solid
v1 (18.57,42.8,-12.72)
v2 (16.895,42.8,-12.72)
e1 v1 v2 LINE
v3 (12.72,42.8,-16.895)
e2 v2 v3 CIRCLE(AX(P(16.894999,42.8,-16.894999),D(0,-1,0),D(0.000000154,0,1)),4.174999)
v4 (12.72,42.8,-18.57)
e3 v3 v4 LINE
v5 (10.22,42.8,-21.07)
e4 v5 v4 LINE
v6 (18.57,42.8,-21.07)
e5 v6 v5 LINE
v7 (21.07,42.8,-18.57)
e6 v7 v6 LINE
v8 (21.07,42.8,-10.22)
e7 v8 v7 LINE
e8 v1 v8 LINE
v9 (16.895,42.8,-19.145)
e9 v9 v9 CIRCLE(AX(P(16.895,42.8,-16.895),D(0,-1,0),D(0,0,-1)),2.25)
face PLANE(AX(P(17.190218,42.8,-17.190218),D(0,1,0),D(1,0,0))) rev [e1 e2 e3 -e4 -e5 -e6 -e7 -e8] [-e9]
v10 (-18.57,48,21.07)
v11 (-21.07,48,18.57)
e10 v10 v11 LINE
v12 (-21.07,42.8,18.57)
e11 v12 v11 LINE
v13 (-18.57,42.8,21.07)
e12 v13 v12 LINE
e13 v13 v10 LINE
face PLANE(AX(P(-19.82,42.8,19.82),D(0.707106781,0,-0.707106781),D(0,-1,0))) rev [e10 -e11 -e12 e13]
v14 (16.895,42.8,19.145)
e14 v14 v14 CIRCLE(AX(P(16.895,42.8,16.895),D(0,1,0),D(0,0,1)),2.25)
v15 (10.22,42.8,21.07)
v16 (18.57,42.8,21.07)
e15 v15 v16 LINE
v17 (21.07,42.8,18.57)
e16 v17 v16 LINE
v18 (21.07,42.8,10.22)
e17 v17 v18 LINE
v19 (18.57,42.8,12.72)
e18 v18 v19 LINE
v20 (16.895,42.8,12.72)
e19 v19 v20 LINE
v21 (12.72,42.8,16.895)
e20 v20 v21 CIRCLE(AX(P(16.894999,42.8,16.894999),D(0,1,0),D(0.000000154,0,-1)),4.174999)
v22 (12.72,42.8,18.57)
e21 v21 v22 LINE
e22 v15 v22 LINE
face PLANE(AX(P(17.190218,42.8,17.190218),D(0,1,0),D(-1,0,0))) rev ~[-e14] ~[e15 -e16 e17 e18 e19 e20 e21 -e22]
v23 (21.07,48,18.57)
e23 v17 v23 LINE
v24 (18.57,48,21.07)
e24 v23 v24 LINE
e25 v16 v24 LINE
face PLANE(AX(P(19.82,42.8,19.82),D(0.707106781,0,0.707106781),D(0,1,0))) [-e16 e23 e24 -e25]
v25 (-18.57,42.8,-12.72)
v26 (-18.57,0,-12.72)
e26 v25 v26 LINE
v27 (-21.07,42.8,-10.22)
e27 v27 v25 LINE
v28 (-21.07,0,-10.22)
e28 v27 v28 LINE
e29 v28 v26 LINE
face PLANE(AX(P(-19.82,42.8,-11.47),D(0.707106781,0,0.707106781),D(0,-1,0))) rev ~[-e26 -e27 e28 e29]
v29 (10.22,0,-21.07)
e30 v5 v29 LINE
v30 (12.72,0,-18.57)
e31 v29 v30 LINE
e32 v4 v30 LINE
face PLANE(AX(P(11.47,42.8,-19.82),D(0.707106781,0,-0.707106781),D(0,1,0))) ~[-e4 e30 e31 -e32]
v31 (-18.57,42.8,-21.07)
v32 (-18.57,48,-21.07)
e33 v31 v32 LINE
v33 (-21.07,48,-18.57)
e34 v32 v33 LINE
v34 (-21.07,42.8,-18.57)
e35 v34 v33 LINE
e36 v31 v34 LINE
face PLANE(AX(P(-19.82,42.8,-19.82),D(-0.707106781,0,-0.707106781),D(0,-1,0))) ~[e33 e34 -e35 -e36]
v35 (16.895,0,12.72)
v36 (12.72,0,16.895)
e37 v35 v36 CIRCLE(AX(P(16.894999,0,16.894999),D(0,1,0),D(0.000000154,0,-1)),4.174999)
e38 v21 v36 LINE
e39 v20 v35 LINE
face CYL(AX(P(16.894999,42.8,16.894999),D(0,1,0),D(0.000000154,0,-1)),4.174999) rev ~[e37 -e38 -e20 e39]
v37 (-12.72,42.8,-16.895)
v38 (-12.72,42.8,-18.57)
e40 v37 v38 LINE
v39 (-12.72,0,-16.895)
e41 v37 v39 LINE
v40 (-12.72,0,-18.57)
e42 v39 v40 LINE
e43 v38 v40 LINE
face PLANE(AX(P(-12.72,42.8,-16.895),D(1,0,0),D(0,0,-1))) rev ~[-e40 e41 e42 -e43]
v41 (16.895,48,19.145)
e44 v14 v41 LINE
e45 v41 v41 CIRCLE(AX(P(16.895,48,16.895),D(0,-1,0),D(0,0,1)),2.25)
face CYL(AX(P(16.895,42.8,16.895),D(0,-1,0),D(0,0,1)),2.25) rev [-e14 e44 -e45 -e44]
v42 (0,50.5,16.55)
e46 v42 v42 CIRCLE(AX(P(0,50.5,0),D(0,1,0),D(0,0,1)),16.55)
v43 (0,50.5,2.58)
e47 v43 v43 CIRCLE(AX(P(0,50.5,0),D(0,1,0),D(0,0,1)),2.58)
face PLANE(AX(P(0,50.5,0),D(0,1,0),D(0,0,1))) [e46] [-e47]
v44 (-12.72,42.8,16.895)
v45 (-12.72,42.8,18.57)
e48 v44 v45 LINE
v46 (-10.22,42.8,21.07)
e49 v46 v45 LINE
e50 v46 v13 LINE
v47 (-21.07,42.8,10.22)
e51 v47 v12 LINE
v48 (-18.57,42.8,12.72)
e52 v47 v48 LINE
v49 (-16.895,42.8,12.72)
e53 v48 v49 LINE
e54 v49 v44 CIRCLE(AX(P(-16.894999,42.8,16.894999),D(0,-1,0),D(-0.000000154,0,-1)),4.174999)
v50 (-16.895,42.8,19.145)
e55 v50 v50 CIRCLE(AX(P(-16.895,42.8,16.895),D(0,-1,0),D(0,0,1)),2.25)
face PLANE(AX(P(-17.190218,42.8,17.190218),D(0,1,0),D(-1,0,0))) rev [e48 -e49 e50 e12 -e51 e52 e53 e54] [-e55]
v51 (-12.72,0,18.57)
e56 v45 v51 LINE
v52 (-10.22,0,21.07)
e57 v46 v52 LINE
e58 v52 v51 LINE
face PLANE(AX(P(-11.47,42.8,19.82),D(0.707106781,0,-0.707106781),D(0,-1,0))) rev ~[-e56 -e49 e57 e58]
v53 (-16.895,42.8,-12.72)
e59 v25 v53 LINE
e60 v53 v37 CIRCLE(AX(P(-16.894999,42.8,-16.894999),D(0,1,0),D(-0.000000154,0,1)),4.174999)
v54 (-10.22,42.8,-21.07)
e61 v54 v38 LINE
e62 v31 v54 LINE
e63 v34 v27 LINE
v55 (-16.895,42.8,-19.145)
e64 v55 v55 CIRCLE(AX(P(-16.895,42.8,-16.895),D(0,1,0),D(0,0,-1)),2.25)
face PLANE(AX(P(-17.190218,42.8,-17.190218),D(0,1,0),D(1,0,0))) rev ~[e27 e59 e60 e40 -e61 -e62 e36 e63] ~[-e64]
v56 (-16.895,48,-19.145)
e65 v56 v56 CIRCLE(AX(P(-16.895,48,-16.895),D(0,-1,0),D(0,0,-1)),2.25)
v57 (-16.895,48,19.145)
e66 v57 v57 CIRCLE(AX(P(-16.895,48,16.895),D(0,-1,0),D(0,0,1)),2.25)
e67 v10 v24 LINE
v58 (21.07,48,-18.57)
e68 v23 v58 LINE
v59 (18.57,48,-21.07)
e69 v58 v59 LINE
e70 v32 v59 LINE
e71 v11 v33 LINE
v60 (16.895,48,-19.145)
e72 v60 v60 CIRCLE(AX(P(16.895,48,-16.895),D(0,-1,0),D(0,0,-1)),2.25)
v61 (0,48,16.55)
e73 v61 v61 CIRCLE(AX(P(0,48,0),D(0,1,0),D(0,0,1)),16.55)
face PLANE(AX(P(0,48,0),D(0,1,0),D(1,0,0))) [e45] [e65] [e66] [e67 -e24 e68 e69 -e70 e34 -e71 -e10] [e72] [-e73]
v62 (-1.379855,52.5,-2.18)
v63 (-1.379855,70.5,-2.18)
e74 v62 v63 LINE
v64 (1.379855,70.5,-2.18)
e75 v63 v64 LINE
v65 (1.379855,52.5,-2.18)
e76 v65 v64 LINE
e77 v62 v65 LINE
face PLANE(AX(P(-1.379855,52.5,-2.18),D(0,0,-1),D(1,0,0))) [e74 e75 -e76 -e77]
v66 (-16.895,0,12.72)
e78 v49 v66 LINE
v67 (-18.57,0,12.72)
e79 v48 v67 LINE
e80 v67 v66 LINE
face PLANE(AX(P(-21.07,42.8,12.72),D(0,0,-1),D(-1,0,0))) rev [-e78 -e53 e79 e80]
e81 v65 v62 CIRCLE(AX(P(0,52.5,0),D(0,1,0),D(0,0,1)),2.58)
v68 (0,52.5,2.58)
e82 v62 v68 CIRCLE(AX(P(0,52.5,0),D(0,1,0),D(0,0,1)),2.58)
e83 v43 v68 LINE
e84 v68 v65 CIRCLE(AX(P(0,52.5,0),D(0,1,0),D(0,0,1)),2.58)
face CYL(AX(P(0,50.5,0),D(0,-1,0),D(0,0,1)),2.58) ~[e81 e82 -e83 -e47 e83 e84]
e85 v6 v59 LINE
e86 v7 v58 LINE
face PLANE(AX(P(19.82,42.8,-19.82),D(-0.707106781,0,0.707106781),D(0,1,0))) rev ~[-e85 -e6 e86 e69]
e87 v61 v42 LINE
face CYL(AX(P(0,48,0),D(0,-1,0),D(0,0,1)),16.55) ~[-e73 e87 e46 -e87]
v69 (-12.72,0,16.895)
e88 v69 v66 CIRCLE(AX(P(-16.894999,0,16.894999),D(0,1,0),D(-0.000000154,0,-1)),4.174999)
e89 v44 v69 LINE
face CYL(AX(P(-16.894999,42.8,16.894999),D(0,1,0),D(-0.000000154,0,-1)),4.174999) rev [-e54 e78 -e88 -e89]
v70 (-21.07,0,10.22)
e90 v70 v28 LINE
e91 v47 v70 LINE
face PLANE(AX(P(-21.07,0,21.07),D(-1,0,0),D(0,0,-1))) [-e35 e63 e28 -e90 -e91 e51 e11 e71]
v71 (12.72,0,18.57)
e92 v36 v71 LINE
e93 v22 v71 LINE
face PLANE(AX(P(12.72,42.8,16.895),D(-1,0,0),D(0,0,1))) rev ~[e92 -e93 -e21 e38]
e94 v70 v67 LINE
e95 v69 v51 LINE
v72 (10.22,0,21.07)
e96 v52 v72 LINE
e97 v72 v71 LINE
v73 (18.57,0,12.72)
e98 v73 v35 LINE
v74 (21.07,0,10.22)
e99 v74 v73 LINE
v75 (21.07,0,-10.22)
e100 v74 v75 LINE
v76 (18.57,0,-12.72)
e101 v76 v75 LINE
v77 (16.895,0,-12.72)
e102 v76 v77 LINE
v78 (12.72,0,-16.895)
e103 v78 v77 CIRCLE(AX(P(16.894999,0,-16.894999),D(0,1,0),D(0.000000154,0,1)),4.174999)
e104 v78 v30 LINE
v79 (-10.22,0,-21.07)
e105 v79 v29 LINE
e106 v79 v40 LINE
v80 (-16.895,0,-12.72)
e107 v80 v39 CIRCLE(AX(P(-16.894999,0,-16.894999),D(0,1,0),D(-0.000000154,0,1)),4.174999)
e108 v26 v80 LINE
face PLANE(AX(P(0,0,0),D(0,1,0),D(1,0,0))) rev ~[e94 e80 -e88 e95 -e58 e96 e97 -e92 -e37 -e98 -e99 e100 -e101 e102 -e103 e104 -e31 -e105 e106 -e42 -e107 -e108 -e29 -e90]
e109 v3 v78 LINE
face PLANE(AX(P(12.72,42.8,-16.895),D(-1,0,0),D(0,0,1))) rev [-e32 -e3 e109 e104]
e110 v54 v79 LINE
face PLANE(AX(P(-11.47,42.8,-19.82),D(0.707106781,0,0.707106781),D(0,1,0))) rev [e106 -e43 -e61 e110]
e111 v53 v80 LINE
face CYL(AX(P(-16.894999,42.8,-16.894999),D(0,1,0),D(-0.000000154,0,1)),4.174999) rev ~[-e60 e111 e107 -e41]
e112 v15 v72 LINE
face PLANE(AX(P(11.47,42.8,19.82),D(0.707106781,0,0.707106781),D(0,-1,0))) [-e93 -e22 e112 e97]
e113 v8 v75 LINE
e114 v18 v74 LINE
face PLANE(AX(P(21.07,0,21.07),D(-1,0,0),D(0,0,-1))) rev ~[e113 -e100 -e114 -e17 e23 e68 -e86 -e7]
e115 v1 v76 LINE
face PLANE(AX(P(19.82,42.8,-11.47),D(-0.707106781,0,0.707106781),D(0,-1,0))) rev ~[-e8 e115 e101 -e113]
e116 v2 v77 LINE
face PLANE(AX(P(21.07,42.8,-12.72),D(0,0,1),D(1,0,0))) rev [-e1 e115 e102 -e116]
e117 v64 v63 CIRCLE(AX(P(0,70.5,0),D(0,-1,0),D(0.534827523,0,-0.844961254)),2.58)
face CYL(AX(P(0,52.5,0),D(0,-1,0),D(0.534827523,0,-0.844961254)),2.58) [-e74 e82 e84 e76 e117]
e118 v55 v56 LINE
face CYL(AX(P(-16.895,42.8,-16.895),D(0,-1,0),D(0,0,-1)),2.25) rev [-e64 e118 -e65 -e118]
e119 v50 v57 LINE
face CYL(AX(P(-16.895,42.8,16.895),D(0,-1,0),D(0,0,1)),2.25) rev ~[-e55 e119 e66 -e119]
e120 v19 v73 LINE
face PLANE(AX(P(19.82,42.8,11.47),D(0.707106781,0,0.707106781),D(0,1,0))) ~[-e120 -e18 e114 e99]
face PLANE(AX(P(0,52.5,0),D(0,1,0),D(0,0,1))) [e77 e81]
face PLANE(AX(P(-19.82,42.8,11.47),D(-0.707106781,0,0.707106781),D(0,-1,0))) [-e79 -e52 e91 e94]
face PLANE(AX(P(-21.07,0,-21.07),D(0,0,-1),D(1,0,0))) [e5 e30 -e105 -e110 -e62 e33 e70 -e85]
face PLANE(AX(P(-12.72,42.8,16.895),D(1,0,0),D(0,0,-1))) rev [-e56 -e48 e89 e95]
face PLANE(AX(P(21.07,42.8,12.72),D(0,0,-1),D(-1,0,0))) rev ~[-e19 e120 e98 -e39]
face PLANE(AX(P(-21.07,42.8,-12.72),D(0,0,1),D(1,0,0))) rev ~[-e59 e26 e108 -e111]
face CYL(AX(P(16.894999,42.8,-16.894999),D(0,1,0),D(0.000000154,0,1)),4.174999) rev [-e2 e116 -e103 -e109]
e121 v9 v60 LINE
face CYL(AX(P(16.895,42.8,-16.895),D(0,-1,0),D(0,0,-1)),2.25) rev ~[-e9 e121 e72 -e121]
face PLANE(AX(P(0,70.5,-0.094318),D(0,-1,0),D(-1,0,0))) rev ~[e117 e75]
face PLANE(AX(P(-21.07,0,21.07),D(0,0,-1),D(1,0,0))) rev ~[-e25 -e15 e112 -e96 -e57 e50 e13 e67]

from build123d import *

# Parameters (mm, degrees)
CROQUIS1_W                                 = 42.14
CROQUIS1_H                                 = 42.14
SALIENTE_EXTRUIR1_DEPTH                    = 48
CORTAR_EXTRUIR1_DEPTH                      = 53.151029
SIMETR_A3_AT_THE_SECOND_PLANE_COPY_1_DEPTH = 53.151029
CHAFL_N1_SIZE                              = 2.5
CROQUIS3_R                                 = 2.25
CORTAR_EXTRUIR2_DEPTH                      = 53.151029
SIMETR_A4_AT_THE_SECOND_PLANE_COPY_1_SKE_R = 2.25
SIMETR_A4_AT_THE_SECOND_PLANE_COPY_1_DEPTH = 53.151029
CROQUIS4_R                                 = 16.55
SALIENTE_EXTRUIR2_DEPTH                    = 2.5
CROQUIS6_R                                 = 2.58
SALIENTE_EXTRUIR4_DEPTH                    = 2
SALIENTE_EXTRUIR5_DEPTH                    = 18
SALIENTE_EXTRUIR3_DEPTH                    = 20
CHAFL_N2_SIZE                              = 2.5


with BuildPart() as part:
    # Croquis1 → Saliente-Extruir1 (new body)
    with BuildSketch(Plane(origin=(0, 0, 0), x_dir=(1, 0, 0), z_dir=(0, 1, 0))):
        Rectangle(CROQUIS1_W, CROQUIS1_H)
    extrude(amount=SALIENTE_EXTRUIR1_DEPTH)

    # Croquis2 → Cortar-Extruir1 (cut, through all)
    with BuildSketch(Plane(origin=(0, 42.8, 0), x_dir=(1, 0, 0), z_dir=(0, 1, 0))):
        with BuildLine():
            Line((-21.07, 12.72), (-16.895, 12.72))
            ThreePointArc((-16.895, 12.72), (-13.942829, 13.942829), (-12.72, 16.895))
            Line((-12.72, 16.895), (-12.72, 21.07))
            Line((-12.72, 21.07), (-21.07, 21.07))
            Line((-21.07, 21.07), (-21.07, 12.72))
        make_face()
    cortar_extruir1 = extrude(amount=-CORTAR_EXTRUIR1_DEPTH, mode=Mode.SUBTRACT)

    # Simetría3: Cortar-Extruir1 across plane
    add(cortar_extruir1.mirror(Plane(origin=(0, 0, 0), x_dir=(0, 0, 1), z_dir=(1, 0, 0))), mode=Mode.SUBTRACT)

    # Simetría3 at the second plane: Cortar-Extruir1 across plane
    add(cortar_extruir1.mirror(Plane.XY), mode=Mode.SUBTRACT)

    # Simetría3 at the second plane copy 1 ske → Simetría3 at the second plane copy 1 (cut, through all)
    with BuildSketch(Plane(origin=(0, 42.8, 0), x_dir=(-1, 0, 0), z_dir=(0, 1, 0))):
        with BuildLine():
            Line((-21.07, 12.72), (-16.895, 12.72))
            ThreePointArc((-16.895, 12.72), (-13.942829, 13.942829), (-12.72, 16.895))
            Line((-12.72, 16.895), (-12.72, 21.07))
            Line((-12.72, 21.07), (-21.07, 21.07))
            Line((-21.07, 21.07), (-21.07, 12.72))
        make_face()
    extrude(amount=-SIMETR_A3_AT_THE_SECOND_PLANE_COPY_1_DEPTH, mode=Mode.SUBTRACT)

    # Chaflán1
    chafl_n1_edges = [part.edges().sort_by_distance(p)[0] for p in [
        (-21.07, 21.4, -12.72),
        (-12.72, 21.4, -21.07),
        (-21.07, 21.4, 12.72),
        (-12.72, 21.4, 21.07),
        (21.07, 21.4, -12.72),
        (12.72, 21.4, -21.07),
        (21.07, 21.4, 12.72),
        (12.72, 21.4, 21.07),
    ]]
    chamfer(chafl_n1_edges, length=CHAFL_N1_SIZE)

    # Croquis3 → Cortar-Extruir2 (cut, through all)
    with BuildSketch(Plane.XZ.offset(-42.8)):
        with Locations(Location((16.895, -16.895, 0), (0, 0, 270))):
            Circle(CROQUIS3_R)
    cortar_extruir2 = extrude(amount=-CORTAR_EXTRUIR2_DEPTH, mode=Mode.SUBTRACT)

    # Simetría4: Cortar-Extruir2 across plane
    add(cortar_extruir2.mirror(Plane(origin=(0, 0, 0), x_dir=(0, 0, 1), z_dir=(1, 0, 0))), mode=Mode.SUBTRACT)

    # Simetría4 at the second plane: Cortar-Extruir2 across plane
    add(cortar_extruir2.mirror(Plane.XY), mode=Mode.SUBTRACT)

    # Simetría4 at the second plane copy 1 ske → Simetría4 at the second plane copy 1 (cut, through all)
    with BuildSketch(Plane(origin=(0, 42.8, 0), x_dir=(-1, 0, 0), z_dir=(0, -1, 0))):
        with Locations(Location((16.895, -16.895, 0), (0, 0, 270))):
            Circle(SIMETR_A4_AT_THE_SECOND_PLANE_COPY_1_SKE_R)
    extrude(amount=-SIMETR_A4_AT_THE_SECOND_PLANE_COPY_1_DEPTH, mode=Mode.SUBTRACT)

    # Croquis4 → Saliente-Extruir2 (add)
    with BuildSketch(Plane(origin=(0, 48, 0), x_dir=(1, 0, 0), z_dir=(0, 1, 0))):
        with Locations(Location((0, 0, 0), (0, 0, 270))):
            Circle(CROQUIS4_R)
    extrude(amount=SALIENTE_EXTRUIR2_DEPTH)

    # Croquis6 → Saliente-Extruir4 (add)
    with BuildSketch(Plane(origin=(0, 50.5, 0), x_dir=(1, 0, 0), z_dir=(0, 1, 0))):
        with Locations(Location((0, 0, 0), (0, 0, 270))):
            Circle(CROQUIS6_R)
    extrude(amount=SALIENTE_EXTRUIR4_DEPTH)

    # Croquis7 → Saliente-Extruir5 (add)
    with BuildSketch(Plane(origin=(0, 52.5, 0), x_dir=(1, 0, 0), z_dir=(0, 1, 0))):
        with BuildLine():
            Line((-1.379855, 2.18), (1.379855, 2.18))
            ThreePointArc((1.379855, 2.18), (0, -2.58), (-1.379855, 2.18))
        make_face()
    extrude(amount=SALIENTE_EXTRUIR5_DEPTH)

    # Croquis5 → Saliente-Extruir3 (add)
    with BuildSketch(Plane(origin=(0, 50.5, 0), x_dir=(1, 0, 0), z_dir=(0, 1, 0))):
        with BuildLine():
            Line((-1.379855, 2.18), (1.379855, 2.18))
            ThreePointArc((1.379855, 2.18), (0, -2.58), (-1.379855, 2.18))
        make_face()
    extrude(amount=SALIENTE_EXTRUIR3_DEPTH)

    # Chaflán2
    chafl_n2_edges = [part.edges().sort_by_distance(p)[0] for p in [
        (-21.07, 45.4, -21.07),
        (21.07, 45.4, -21.07),
        (21.07, 45.4, 21.07),
        (-21.07, 45.4, 21.07),
    ]]
    chamfer(chafl_n2_edges, length=CHAFL_N2_SIZE)


solid = part.part
